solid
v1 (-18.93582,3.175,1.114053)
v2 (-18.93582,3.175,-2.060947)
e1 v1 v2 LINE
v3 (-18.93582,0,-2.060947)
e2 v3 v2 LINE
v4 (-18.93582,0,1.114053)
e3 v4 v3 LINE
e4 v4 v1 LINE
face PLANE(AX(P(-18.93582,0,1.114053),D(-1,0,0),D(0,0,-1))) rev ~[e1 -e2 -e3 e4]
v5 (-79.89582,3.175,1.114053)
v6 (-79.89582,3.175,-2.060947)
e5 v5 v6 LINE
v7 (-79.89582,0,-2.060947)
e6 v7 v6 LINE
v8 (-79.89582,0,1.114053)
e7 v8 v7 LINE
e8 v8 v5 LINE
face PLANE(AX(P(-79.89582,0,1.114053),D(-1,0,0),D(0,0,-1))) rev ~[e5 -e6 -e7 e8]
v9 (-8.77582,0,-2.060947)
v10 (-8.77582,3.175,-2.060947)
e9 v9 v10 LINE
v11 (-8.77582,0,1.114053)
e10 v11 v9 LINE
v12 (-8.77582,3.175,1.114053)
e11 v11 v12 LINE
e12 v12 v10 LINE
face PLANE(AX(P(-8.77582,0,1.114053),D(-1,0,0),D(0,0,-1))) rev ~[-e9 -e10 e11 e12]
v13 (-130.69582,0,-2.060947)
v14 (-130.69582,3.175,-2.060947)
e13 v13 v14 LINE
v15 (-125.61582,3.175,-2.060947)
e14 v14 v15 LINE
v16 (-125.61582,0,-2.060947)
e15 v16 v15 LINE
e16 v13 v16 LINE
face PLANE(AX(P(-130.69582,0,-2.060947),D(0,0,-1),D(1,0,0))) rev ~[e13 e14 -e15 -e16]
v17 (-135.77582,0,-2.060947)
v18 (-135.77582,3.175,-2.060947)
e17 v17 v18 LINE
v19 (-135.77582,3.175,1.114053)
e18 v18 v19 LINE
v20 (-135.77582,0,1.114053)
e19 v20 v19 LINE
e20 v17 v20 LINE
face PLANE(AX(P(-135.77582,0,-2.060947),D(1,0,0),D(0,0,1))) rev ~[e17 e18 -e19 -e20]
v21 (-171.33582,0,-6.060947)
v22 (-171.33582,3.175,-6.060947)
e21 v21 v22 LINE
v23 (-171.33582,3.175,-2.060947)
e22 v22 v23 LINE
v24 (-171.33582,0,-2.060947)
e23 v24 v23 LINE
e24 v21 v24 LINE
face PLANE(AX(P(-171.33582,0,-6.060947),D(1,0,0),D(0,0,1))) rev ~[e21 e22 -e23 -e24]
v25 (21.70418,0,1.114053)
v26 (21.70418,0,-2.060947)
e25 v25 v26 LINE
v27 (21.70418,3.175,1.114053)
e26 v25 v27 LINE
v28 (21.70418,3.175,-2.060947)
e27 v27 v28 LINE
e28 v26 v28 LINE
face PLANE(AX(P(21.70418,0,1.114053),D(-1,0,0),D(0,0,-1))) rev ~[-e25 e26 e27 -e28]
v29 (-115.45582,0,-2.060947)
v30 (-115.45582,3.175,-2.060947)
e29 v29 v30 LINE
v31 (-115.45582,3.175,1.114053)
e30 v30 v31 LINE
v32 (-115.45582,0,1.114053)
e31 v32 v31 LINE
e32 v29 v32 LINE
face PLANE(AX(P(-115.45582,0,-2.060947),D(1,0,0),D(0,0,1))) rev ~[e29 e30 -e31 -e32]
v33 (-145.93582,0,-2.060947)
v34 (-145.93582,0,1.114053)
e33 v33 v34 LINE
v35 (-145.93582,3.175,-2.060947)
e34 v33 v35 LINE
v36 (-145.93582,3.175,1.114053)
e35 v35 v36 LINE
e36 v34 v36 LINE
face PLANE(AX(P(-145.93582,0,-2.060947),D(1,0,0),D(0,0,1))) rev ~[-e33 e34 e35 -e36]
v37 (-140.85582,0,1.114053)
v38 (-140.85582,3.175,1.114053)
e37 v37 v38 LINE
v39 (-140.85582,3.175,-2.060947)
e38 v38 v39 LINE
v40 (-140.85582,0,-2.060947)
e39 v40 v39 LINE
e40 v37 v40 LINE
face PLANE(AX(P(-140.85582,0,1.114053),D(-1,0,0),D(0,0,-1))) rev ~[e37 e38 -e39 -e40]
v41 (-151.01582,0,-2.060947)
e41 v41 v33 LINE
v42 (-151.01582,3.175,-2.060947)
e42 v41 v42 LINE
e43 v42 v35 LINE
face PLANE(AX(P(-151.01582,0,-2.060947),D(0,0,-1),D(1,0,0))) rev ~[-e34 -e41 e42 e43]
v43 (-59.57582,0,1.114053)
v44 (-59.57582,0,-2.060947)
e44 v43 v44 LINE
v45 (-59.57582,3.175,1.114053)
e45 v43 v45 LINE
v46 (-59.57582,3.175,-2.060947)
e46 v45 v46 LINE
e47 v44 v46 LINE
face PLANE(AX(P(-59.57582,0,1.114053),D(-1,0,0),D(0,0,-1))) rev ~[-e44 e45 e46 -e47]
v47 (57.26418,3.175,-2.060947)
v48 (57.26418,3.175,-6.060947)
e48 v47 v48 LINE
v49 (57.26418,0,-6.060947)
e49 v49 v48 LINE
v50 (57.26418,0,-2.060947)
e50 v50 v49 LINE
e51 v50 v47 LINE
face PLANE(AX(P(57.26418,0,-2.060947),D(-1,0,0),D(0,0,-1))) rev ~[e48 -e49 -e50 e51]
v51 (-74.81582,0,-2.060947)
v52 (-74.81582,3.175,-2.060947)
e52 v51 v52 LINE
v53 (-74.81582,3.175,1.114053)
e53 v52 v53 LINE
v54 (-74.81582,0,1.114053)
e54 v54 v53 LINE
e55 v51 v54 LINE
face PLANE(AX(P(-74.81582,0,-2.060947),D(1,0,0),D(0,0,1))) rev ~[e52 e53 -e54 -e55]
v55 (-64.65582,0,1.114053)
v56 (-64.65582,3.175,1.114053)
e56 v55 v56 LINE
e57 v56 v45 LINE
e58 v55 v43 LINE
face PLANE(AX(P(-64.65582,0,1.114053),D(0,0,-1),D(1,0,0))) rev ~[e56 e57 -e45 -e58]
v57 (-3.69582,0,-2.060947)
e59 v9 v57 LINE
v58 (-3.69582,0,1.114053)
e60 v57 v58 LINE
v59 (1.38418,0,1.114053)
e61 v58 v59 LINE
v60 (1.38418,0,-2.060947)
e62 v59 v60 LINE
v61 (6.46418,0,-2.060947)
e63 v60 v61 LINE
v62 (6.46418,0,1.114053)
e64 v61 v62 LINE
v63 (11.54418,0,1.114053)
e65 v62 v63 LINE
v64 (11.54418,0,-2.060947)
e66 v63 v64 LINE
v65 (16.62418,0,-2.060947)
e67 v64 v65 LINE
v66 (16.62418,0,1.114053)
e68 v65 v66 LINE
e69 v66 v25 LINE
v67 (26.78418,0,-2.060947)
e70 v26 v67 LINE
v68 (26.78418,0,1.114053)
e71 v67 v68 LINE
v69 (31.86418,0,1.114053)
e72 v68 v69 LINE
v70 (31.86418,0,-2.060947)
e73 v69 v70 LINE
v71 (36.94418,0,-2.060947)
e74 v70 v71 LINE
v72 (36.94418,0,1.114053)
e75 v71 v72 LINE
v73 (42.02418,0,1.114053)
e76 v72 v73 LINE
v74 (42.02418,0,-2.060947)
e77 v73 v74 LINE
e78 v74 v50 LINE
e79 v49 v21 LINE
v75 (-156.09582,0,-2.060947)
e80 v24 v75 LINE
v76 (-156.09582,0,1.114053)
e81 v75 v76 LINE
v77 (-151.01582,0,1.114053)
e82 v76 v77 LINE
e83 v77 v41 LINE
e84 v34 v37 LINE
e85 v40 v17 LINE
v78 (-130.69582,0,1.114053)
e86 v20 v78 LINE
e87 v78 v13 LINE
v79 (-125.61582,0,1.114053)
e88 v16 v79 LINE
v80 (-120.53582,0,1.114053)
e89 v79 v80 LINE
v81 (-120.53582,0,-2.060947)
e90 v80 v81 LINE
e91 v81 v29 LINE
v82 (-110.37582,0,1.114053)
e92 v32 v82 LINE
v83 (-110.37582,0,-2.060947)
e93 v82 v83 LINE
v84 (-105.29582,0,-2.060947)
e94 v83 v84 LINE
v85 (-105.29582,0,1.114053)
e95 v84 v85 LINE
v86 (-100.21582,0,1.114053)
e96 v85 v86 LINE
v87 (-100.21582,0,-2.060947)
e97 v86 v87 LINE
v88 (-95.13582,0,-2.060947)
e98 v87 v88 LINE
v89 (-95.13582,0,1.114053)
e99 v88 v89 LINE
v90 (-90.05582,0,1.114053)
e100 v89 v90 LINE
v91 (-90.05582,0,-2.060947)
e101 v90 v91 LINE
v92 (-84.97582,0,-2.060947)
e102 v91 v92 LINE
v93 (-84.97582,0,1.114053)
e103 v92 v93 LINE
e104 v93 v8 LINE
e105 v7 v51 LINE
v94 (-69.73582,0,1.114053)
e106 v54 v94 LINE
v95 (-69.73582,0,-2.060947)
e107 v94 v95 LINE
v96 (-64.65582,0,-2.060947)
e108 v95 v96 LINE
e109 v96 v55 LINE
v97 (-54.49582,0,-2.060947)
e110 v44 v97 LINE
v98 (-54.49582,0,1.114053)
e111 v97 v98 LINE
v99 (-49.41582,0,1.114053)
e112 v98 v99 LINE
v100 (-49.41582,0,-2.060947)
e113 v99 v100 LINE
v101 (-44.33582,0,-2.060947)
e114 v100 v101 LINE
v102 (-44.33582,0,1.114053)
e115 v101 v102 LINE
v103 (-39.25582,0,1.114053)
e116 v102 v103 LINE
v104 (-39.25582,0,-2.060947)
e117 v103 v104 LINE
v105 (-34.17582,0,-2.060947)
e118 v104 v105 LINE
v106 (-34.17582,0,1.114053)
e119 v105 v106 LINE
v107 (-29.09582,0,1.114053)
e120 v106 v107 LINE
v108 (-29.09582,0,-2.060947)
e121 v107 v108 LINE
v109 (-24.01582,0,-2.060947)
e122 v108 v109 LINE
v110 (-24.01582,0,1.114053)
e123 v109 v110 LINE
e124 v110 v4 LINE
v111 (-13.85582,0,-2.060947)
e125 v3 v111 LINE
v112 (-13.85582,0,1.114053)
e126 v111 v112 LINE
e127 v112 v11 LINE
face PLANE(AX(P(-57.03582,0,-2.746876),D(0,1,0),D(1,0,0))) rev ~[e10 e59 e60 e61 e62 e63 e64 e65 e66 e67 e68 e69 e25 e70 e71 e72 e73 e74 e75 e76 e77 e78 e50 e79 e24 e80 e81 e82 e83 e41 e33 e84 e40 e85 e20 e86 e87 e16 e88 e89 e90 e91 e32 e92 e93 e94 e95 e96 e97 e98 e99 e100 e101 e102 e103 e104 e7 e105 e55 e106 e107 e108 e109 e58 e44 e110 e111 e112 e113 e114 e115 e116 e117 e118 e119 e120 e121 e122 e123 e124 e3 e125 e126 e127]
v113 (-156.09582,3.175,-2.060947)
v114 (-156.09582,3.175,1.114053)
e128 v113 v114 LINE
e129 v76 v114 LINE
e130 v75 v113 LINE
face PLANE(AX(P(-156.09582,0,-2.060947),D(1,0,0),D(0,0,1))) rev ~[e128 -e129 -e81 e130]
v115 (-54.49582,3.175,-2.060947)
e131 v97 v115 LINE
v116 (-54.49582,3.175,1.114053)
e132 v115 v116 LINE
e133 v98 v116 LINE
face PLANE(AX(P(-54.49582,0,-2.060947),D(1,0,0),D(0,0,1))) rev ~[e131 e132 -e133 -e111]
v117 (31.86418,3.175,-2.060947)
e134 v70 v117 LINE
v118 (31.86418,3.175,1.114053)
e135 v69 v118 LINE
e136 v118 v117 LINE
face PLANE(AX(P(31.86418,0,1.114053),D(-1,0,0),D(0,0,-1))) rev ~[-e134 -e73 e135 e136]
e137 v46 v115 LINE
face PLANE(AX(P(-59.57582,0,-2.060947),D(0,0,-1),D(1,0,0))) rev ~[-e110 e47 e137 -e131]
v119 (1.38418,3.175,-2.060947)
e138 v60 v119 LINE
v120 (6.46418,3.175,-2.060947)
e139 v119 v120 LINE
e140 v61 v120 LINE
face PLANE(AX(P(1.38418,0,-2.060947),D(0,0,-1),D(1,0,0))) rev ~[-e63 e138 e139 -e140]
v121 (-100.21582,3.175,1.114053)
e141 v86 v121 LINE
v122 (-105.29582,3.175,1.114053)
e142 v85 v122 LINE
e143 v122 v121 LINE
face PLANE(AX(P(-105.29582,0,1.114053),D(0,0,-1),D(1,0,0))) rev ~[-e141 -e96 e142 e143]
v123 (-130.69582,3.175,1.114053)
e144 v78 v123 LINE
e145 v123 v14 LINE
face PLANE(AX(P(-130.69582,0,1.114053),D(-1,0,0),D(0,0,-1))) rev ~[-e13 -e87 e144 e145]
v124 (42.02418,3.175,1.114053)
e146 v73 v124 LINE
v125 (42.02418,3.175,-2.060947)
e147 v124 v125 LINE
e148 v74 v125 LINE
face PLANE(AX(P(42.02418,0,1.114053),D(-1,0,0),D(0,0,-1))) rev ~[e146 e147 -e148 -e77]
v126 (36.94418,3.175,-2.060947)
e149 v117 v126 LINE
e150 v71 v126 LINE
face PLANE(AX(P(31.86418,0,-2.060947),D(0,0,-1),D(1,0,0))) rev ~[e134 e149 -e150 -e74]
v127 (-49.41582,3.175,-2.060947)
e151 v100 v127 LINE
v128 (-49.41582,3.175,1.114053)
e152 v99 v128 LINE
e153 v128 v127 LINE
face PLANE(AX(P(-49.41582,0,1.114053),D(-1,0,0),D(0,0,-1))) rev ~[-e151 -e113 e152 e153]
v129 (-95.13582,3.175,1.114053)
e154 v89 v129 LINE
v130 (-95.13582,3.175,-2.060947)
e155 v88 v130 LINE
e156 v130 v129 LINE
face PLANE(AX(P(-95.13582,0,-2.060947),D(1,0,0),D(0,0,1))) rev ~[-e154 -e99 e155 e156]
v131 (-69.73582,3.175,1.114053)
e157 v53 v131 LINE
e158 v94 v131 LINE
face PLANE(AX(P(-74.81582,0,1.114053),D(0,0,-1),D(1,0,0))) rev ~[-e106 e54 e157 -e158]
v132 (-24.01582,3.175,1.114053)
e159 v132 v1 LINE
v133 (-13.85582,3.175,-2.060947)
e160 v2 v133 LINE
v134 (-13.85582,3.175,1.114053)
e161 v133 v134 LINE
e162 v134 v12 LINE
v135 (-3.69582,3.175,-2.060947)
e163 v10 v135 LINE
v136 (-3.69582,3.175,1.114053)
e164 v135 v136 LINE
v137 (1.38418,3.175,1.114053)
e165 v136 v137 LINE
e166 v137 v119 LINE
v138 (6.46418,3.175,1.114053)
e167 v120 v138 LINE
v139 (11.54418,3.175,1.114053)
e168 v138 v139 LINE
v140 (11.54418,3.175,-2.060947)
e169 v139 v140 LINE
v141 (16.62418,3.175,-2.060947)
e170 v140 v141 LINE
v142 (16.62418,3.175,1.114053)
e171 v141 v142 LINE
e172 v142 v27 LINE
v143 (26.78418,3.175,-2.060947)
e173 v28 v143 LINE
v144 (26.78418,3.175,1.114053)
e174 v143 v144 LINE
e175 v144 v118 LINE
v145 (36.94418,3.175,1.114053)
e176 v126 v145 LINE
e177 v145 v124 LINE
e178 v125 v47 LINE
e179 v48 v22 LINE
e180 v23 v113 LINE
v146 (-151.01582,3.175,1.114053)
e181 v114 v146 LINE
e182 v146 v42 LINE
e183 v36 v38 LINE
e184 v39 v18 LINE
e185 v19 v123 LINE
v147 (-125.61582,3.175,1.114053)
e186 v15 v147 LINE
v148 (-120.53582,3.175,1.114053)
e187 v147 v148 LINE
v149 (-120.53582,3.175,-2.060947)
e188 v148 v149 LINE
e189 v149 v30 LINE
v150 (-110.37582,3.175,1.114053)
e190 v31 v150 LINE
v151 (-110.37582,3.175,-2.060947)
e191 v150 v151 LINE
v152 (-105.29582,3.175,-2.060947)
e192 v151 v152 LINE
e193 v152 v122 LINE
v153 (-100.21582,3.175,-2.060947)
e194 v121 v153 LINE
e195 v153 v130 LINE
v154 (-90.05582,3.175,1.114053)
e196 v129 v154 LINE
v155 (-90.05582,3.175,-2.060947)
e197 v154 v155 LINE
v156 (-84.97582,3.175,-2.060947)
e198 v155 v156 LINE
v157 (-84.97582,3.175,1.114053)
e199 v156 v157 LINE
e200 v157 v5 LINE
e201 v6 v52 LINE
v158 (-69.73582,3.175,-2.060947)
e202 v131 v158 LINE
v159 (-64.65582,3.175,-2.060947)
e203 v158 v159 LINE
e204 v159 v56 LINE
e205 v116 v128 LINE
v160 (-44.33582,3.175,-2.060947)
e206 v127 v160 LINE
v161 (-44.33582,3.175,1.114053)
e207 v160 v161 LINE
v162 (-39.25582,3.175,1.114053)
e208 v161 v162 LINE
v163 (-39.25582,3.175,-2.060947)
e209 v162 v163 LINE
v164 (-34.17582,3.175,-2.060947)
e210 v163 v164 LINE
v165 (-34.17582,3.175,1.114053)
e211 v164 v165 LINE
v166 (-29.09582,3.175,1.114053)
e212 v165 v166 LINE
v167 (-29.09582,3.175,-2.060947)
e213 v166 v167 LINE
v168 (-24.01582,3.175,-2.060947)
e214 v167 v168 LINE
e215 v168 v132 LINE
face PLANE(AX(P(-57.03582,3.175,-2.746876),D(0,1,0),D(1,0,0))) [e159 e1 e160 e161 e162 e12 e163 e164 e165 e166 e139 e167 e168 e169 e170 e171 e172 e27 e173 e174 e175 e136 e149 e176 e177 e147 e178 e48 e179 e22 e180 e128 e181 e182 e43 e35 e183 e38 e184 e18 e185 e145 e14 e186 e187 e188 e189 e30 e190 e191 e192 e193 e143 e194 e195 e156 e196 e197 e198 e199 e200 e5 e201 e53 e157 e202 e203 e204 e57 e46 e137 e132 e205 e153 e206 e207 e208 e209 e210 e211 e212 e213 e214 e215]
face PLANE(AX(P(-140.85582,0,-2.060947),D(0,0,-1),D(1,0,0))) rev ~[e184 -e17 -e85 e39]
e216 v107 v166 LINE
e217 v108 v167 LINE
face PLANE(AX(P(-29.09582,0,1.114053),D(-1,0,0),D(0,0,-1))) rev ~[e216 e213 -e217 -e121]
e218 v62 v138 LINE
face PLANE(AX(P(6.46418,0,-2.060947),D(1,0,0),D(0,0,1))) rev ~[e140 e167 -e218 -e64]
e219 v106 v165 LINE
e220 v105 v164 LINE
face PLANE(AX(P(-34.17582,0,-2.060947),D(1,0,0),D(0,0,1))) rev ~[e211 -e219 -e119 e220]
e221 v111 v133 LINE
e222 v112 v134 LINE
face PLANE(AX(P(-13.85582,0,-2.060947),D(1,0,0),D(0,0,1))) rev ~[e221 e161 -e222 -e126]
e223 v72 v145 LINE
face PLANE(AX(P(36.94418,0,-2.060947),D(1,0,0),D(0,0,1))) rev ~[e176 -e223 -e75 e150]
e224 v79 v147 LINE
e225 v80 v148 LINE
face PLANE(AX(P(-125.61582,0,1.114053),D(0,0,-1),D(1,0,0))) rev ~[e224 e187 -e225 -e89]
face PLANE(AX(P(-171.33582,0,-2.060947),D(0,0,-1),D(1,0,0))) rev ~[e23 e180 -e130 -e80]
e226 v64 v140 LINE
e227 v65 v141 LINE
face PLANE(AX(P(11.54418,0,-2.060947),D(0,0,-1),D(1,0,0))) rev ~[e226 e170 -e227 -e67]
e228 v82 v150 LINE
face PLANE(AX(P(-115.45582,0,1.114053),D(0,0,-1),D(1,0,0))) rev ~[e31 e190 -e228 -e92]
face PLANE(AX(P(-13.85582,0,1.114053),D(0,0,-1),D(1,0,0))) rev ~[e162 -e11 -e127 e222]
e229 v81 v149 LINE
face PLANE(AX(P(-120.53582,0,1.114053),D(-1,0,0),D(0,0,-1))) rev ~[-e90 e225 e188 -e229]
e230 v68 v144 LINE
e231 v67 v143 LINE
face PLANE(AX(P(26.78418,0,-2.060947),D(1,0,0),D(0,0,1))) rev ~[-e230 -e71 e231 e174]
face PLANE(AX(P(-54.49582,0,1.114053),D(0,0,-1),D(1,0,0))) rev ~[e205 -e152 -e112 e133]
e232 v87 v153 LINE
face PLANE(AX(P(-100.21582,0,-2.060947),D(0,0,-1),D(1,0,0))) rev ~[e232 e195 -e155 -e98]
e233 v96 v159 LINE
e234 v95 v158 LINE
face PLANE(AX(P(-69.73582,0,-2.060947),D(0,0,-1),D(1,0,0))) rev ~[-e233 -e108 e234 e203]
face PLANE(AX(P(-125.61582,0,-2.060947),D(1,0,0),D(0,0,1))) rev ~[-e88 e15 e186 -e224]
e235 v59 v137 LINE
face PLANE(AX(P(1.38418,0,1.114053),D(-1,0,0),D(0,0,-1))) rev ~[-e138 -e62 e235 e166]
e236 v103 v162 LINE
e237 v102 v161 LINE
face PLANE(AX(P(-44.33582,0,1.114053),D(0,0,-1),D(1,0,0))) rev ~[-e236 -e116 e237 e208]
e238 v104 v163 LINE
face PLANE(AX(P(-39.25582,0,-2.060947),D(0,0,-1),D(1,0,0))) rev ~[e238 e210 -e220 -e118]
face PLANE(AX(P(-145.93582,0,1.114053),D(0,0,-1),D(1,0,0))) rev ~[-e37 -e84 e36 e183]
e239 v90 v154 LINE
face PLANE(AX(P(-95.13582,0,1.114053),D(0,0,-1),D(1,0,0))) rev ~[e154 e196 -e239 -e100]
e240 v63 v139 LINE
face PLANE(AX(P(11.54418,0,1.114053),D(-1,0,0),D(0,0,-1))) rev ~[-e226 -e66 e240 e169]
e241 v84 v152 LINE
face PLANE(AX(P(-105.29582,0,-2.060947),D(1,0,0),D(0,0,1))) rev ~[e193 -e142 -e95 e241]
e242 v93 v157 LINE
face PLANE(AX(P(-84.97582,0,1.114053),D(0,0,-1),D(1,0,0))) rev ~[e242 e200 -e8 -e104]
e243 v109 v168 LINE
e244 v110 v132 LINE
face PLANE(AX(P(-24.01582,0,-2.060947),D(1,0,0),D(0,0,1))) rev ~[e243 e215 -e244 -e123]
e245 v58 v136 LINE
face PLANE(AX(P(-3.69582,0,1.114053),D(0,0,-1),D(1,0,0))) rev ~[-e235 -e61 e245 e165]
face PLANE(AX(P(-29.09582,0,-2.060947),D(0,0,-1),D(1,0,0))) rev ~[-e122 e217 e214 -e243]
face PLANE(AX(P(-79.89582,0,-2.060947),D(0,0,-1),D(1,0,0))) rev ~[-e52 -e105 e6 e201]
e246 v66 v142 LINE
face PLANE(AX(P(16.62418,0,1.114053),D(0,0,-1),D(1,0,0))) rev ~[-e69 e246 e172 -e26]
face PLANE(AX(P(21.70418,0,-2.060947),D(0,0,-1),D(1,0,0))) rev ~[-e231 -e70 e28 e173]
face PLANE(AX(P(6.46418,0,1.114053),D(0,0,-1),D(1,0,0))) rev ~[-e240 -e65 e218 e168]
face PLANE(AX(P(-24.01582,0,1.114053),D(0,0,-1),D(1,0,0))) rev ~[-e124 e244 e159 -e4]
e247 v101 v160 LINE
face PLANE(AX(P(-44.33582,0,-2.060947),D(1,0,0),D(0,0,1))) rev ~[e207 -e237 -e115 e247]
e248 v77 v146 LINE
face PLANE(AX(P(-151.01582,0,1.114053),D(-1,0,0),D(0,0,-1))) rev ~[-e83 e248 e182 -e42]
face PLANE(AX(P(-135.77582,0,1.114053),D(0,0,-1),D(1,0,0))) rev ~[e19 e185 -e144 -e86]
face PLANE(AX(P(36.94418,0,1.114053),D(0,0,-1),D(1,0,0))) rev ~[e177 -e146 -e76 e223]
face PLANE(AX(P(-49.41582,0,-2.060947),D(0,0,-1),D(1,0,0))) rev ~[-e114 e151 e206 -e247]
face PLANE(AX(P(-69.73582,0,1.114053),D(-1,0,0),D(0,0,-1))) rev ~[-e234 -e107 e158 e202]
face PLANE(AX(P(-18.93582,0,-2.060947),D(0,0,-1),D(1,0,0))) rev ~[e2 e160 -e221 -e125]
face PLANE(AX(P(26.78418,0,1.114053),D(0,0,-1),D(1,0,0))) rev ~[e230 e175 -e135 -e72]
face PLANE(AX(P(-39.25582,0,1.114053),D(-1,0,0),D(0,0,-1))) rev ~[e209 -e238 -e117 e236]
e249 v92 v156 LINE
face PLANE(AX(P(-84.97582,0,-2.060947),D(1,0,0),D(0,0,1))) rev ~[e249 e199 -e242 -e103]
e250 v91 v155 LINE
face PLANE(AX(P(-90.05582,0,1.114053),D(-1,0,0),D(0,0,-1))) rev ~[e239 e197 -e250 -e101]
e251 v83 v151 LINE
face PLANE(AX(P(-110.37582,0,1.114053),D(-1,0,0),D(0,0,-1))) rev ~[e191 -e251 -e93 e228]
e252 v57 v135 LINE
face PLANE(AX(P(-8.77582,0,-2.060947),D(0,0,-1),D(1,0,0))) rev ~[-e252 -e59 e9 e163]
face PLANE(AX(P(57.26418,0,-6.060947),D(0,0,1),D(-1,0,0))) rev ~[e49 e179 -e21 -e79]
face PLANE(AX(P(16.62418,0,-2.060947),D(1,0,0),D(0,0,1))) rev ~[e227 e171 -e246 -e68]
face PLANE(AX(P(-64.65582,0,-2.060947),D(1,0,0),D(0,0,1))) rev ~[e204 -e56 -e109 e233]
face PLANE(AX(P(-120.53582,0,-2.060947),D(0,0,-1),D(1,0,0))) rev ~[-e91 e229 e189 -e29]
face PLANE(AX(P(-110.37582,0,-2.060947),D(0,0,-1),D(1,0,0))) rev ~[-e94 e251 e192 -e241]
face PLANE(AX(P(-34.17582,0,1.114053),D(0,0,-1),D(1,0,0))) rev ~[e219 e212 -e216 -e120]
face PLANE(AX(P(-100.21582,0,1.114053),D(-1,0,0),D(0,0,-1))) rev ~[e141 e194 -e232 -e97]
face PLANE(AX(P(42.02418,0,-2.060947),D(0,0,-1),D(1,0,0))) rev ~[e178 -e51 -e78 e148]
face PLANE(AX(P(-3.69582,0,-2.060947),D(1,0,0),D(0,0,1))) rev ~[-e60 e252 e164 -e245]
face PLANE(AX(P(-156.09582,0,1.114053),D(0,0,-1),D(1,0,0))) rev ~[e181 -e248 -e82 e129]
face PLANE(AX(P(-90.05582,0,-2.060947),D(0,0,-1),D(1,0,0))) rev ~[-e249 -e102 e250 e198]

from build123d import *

# Parameters (mm, degrees)
BOSS_EXTRUDE1_DEPTH = 3.175


with BuildPart() as part:
    # Sketch1 → Boss-Extrude1 (new body)
    with BuildSketch(Plane(origin=(0, 0, 0), x_dir=(1, 0, 0), z_dir=(0, 1, 0))):
        Polygon((-171.335820364, 2.060946796), (-156.095820364, 2.060946796), (-156.095820364, -1.114053204), (-151.015820364, -1.114053204), (-151.015820364, 2.060946796), (-145.935820364, 2.060946796), (-145.935820364, -1.114053204), (-140.855820364, -1.114053204), (-140.855820364, 2.060946796), (-135.775820364, 2.060946796), (-135.775820364, -1.114053204), (-130.695820364, -1.114053204), (-130.695820364, 2.060946796), (-125.615820364, 2.060946796), (-125.615820364, -1.114053204), (-120.535820364, -1.114053204), (-120.535820364, 2.060946796), (-115.455820364, 2.060946796), (-115.455820364, -1.114053204), (-110.375820364, -1.114053204), (-110.375820364, 2.060946796), (-105.295820364, 2.060946796), (-105.295820364, -1.114053204), (-100.215820364, -1.114053204), (-100.215820364, 2.060946796), (-95.135820364, 2.060946796), (-95.135820364, -1.114053204), (-90.055820364, -1.114053204), (-90.055820364, 2.060946796), (-84.975820364, 2.060946796), (-84.975820364, -1.114053204), (-79.895820364, -1.114053204), (-79.895820364, 2.060946796), (-74.815820364, 2.060946796), (-74.815820364, -1.114053204), (-69.735820364, -1.114053204), (-69.735820364, 2.060946796), (-64.655820364, 2.060946796), (-64.655820364, -1.114053204), (-59.575820364, -1.114053204), (-59.575820364, 2.060946796), (-54.495820364, 2.060946796), (-54.495820364, -1.114053204), (-49.415820364, -1.114053204), (-49.415820364, 2.060946796), (-44.335820364, 2.060946796), (-44.335820364, -1.114053204), (-39.255820364, -1.114053204), (-39.255820364, 2.060946796), (-34.175820364, 2.060946796), (-34.175820364, -1.114053204), (-29.095820364, -1.114053204), (-29.095820364, 2.060946796), (-24.015820364, 2.060946796), (-24.015820364, -1.114053204), (-18.935820364, -1.114053204), (-18.935820364, 2.060946796), (-13.855820364, 2.060946796), (-13.855820364, -1.114053204), (-8.775820364, -1.114053204), (-8.775820364, 2.060946796), (-3.695820364, 2.060946796), (-3.695820364, -1.114053204), (1.384179636, -1.114053204), (1.384179636, 2.060946796), (6.464179636, 2.060946796), (6.464179636, -1.114053204), (11.544179636, -1.114053204), (11.544179636, 2.060946796), (16.624179636, 2.060946796), (16.624179636, -1.114053204), (21.704179636, -1.114053204), (21.704179636, 2.060946796), (26.784179636, 2.060946796), (26.784179636, -1.114053204), (31.864179636, -1.114053204), (31.864179636, 2.060946796), (36.944179636, 2.060946796), (36.944179636, -1.114053204), (42.024179636, -1.114053204), (42.024179636, 2.060946796), (57.264179636, 2.060946796), (57.264179636, 6.060946796), (-171.335820364, 6.060946796), align=None)
    extrude(amount=BOSS_EXTRUDE1_DEPTH)


solid = part.part
